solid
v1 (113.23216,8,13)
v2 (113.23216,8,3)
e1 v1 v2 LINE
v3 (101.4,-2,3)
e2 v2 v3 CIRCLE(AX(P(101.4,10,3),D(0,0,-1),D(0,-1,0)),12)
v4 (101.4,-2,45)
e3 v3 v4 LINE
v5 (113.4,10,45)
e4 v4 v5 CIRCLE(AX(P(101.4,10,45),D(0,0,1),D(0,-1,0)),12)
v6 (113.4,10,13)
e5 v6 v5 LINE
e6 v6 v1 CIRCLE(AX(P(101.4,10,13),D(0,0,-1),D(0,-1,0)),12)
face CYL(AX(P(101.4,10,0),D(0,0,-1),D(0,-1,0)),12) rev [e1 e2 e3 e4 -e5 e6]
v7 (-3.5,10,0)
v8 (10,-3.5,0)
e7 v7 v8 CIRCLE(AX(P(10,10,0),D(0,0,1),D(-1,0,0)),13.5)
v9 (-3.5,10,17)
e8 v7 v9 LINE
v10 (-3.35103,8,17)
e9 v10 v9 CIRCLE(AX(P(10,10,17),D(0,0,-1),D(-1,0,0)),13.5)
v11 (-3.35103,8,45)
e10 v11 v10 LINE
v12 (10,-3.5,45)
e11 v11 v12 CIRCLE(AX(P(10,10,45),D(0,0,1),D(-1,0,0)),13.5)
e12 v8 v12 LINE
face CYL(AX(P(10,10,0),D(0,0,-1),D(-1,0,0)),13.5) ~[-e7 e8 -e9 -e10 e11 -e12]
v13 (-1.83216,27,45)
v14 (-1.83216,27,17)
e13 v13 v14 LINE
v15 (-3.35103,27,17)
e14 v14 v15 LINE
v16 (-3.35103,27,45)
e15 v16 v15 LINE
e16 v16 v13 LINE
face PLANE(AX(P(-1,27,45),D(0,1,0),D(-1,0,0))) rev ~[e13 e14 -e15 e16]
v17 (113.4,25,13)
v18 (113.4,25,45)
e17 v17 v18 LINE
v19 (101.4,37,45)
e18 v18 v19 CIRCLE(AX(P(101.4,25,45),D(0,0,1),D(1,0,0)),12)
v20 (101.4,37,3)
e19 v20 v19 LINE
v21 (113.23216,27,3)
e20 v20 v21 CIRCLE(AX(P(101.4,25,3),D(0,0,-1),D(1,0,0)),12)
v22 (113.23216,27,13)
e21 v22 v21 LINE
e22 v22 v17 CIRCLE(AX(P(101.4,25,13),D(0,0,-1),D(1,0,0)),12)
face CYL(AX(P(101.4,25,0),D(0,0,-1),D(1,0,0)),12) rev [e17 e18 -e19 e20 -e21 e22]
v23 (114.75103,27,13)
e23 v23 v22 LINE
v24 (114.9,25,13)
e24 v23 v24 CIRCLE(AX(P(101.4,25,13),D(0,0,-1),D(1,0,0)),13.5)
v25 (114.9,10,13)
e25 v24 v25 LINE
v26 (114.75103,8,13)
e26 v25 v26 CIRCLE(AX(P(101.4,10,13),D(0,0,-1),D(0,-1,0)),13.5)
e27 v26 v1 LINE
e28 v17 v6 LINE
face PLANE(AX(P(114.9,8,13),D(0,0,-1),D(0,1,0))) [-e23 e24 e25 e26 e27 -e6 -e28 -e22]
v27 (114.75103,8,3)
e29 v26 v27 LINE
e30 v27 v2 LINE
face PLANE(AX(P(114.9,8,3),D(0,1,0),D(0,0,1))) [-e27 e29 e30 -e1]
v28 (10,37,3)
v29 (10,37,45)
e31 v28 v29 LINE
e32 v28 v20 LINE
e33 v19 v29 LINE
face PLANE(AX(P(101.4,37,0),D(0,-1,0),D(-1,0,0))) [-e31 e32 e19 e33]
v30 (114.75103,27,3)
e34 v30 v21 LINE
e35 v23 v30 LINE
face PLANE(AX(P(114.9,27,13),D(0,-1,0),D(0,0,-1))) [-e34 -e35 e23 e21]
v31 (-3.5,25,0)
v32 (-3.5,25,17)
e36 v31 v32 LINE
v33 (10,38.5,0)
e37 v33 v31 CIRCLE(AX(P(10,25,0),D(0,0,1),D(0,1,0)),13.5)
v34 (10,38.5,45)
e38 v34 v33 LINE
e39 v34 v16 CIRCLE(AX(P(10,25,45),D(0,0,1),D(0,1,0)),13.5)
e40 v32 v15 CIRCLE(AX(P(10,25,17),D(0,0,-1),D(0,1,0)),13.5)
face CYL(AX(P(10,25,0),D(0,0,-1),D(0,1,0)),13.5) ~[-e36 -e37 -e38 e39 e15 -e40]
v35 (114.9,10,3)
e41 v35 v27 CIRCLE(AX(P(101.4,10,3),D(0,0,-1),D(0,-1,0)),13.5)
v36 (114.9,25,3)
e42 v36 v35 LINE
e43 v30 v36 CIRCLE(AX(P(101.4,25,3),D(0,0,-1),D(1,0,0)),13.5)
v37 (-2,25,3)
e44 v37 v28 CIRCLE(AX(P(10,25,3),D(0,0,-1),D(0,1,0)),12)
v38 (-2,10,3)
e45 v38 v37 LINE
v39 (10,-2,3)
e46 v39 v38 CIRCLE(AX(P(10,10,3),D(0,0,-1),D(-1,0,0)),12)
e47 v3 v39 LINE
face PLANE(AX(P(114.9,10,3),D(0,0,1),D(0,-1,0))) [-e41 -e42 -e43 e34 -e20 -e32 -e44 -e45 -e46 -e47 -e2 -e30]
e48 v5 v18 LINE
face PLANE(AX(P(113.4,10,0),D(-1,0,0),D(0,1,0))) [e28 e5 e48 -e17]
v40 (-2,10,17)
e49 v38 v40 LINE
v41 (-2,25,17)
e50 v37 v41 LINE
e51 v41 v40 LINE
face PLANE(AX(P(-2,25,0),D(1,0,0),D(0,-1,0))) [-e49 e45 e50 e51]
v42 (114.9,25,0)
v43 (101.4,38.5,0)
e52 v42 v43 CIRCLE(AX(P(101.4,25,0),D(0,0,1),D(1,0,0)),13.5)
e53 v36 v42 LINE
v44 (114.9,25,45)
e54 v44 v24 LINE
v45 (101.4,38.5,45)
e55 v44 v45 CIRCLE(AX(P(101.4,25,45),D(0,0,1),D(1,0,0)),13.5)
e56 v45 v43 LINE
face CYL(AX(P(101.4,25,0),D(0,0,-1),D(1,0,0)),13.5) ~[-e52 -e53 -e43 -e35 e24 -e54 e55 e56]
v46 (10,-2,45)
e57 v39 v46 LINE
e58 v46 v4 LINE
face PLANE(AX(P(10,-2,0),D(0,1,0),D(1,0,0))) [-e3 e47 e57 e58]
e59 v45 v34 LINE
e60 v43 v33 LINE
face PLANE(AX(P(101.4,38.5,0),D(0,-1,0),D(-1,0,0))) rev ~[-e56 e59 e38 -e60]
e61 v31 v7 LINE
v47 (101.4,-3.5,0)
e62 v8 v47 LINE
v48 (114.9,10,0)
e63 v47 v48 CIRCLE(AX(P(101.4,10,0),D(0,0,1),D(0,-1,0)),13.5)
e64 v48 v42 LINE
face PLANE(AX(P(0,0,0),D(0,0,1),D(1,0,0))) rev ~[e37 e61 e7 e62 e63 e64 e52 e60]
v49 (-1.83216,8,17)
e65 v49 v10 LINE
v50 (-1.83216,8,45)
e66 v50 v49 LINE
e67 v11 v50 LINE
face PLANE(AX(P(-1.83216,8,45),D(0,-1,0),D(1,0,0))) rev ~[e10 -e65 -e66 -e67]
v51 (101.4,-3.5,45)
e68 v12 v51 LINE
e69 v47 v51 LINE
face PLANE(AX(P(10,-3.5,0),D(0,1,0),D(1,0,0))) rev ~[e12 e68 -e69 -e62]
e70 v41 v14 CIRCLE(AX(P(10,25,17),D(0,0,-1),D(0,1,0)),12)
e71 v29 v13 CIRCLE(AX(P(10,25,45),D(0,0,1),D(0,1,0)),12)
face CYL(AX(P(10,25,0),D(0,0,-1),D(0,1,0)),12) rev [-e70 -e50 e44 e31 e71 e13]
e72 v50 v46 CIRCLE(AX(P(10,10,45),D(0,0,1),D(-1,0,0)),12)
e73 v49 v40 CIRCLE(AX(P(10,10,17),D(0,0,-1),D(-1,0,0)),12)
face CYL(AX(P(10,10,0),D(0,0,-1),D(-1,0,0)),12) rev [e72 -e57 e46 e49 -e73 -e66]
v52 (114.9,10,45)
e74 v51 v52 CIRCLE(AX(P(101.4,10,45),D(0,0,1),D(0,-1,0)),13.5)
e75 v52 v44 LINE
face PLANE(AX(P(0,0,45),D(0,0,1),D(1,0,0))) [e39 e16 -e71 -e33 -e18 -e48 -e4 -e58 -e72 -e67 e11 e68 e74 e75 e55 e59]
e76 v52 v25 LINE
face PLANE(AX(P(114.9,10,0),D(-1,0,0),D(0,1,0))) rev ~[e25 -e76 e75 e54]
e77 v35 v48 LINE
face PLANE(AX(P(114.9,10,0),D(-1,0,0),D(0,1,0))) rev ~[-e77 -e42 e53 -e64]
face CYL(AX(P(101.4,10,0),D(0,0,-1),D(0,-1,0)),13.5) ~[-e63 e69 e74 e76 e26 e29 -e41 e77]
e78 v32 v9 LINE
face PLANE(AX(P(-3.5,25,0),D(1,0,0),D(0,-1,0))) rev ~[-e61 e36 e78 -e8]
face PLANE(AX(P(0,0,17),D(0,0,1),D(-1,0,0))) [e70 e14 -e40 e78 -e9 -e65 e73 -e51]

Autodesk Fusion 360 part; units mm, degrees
sketch "Sketch1" plane through (0, 0, 0) normal (0, 0, 1) x (1, 0, 0)
  line L0 (10, 0) -> (101.4, 0)
  line L1 (111.4, 10) -> (111.4, 25)
  line L2 (101.4, 35) -> (10, 35)
  line L3 (0, 25) -> (0, 10)
  arc A0 (10, 35) -> (0, 25) centre (10, 25) ccw
  arc A1 (0, 10) -> (10, 0) centre (10, 10) ccw
  arc A2 (101.4, 0) -> (111.4, 10) centre (101.4, 10) ccw
  arc A3 (111.4, 25) -> (101.4, 35) centre (101.4, 25) ccw
  line L4 (-2, 25) -> (-2, 10)
  arc A4 (-2, 10) -> (10, -2) centre (10, 10) ccw
  line L5 (10, -2) -> (101.4, -2)
  arc A5 (101.4, -2) -> (113.4, 10) centre (101.4, 10) ccw
  line L6 (113.4, 10) -> (113.4, 25)
  arc A6 (113.4, 25) -> (101.4, 37) centre (101.4, 25) ccw
  line L7 (101.4, 37) -> (10, 37)
  arc A7 (10, 37) -> (-2, 25) centre (10, 25) ccw
  line L8 (-3.5, 25) -> (-3.5, 10)
  arc A8 (-3.5, 10) -> (10, -3.5) centre (10, 10) ccw
  line L9 (10, -3.5) -> (101.4, -3.5)
  arc A9 (101.4, -3.5) -> (114.9, 10) centre (101.4, 10) ccw
  line L10 (114.9, 10) -> (114.9, 25)
  arc A10 (114.9, 25) -> (101.4, 38.5) centre (101.4, 25) ccw
  line L11 (101.4, 38.5) -> (10, 38.5)
  arc A11 (10, 38.5) -> (-3.5, 25) centre (10, 25) ccw
  point P0 (111.4, 0)
  point P1 (0, 35)
  dimension "d1" = 111.4
  dimension "d2" = 35
  dimension "d3" = 10
  dimension "d4" = 2
  dimension "d5" = 3.5
extrude "Extrude1" add sketch "Sketch1" along normal blind 3 contours L0 L1 L2 L3 A0 A1 A2 A3 | L4 A4 L5 A5 L6 A6 L7 A7 | L8 A8 L9 A9 L10 A10 L11 A11
extrude "Extrude2" add sketch "Sketch1" along normal blind 45 contours L8 A8 L9 A9 L10 A10 L11 A11
sketch "Sketch2" plane through (0, 0, 45) normal (0, 0, 1) x (-1, 0, 0)
  arc A0 (-10, -37) -> (2, -25) centre (-10, -25) ccw
  line L0 (-10, -37) -> (-101.4, -37)
  arc A1 (-113.4, -25) -> (-101.4, -37) centre (-101.4, -25) ccw
  line L1 (-113.4, -25) -> (-113.4, -10)
  arc A2 (-101.4, 2) -> (-113.4, -10) centre (-101.4, -10) ccw
  line L2 (-101.4, 2) -> (-10, 2)
  arc A3 (2, -10) -> (-10, 2) centre (-10, -10) ccw
  line L3 (2, -10) -> (2, -25)
  arc A4 (-10, -38.5) -> (3.5, -25) centre (-10, -25) ccw
  line L4 (3.5, -25) -> (3.5, -10)
  arc A5 (3.5, -10) -> (-10, 3.5) centre (-10, -10) ccw
  line L5 (-10, 3.5) -> (-101.4, 3.5)
  arc A6 (-101.4, 3.5) -> (-114.9, -10) centre (-101.4, -10) ccw
  line L6 (-114.9, -10) -> (-114.9, -25)
  arc A7 (-114.9, -25) -> (-101.4, -38.5) centre (-101.4, -25) ccw
  line L7 (-101.4, -38.5) -> (-10, -38.5)
  line L8 (2, -17.5) -> (2, -27) construction
  line L9 (2, -27) -> (1, -27) construction
  line L10 (1, -27) -> (11, -27)
  line L11 (11, -27) -> (11, -8)
  line L12 (11, -8) -> (1, -8)
  line L13 (1, -8) -> (1, -27)
  dimension "d12" = 9.5
  dimension "d13" = 1
  dimension "d14" = 19
extrude "Extrude5" cut sketch "Sketch2" against normal blind 28 contours A0 A3 L3 L10 L12 L13 | A0 A3 L3 A4 L4 A5 L10 L12 | A4 L4 A5 L10 L11 L12
sketch "Sketch3" plane through (114.9, 0, 0) normal (1, 0, 0) x (0, 1, 0)
  line L0 (10, 0) -> (25, 0)
  line L1 (25, 0) -> (25, 45)
  line L2 (25, 45) -> (10, 45)
  line L3 (10, 45) -> (10, 0)
  line L4 (17.5, 0) -> (17.5, 3) construction
  line L5 (17.5, 3) -> (27, 3) construction
  line L6 (27, 3) -> (8, 3)
  line L7 (8, 3) -> (8, 13)
  line L8 (8, 13) -> (27, 13)
  line L9 (27, 13) -> (27, 3)
  dimension "d19" = 3
  dimension "d20" = 9.5
  dimension "d21" = 19
  dimension "d22" = 10
extrude "Extrude6" cut sketch "Sketch3" against normal blind 10 contours L3 L6 L7 L8 | L1 L3 L6 L8 | L1 L6 L8 L9
